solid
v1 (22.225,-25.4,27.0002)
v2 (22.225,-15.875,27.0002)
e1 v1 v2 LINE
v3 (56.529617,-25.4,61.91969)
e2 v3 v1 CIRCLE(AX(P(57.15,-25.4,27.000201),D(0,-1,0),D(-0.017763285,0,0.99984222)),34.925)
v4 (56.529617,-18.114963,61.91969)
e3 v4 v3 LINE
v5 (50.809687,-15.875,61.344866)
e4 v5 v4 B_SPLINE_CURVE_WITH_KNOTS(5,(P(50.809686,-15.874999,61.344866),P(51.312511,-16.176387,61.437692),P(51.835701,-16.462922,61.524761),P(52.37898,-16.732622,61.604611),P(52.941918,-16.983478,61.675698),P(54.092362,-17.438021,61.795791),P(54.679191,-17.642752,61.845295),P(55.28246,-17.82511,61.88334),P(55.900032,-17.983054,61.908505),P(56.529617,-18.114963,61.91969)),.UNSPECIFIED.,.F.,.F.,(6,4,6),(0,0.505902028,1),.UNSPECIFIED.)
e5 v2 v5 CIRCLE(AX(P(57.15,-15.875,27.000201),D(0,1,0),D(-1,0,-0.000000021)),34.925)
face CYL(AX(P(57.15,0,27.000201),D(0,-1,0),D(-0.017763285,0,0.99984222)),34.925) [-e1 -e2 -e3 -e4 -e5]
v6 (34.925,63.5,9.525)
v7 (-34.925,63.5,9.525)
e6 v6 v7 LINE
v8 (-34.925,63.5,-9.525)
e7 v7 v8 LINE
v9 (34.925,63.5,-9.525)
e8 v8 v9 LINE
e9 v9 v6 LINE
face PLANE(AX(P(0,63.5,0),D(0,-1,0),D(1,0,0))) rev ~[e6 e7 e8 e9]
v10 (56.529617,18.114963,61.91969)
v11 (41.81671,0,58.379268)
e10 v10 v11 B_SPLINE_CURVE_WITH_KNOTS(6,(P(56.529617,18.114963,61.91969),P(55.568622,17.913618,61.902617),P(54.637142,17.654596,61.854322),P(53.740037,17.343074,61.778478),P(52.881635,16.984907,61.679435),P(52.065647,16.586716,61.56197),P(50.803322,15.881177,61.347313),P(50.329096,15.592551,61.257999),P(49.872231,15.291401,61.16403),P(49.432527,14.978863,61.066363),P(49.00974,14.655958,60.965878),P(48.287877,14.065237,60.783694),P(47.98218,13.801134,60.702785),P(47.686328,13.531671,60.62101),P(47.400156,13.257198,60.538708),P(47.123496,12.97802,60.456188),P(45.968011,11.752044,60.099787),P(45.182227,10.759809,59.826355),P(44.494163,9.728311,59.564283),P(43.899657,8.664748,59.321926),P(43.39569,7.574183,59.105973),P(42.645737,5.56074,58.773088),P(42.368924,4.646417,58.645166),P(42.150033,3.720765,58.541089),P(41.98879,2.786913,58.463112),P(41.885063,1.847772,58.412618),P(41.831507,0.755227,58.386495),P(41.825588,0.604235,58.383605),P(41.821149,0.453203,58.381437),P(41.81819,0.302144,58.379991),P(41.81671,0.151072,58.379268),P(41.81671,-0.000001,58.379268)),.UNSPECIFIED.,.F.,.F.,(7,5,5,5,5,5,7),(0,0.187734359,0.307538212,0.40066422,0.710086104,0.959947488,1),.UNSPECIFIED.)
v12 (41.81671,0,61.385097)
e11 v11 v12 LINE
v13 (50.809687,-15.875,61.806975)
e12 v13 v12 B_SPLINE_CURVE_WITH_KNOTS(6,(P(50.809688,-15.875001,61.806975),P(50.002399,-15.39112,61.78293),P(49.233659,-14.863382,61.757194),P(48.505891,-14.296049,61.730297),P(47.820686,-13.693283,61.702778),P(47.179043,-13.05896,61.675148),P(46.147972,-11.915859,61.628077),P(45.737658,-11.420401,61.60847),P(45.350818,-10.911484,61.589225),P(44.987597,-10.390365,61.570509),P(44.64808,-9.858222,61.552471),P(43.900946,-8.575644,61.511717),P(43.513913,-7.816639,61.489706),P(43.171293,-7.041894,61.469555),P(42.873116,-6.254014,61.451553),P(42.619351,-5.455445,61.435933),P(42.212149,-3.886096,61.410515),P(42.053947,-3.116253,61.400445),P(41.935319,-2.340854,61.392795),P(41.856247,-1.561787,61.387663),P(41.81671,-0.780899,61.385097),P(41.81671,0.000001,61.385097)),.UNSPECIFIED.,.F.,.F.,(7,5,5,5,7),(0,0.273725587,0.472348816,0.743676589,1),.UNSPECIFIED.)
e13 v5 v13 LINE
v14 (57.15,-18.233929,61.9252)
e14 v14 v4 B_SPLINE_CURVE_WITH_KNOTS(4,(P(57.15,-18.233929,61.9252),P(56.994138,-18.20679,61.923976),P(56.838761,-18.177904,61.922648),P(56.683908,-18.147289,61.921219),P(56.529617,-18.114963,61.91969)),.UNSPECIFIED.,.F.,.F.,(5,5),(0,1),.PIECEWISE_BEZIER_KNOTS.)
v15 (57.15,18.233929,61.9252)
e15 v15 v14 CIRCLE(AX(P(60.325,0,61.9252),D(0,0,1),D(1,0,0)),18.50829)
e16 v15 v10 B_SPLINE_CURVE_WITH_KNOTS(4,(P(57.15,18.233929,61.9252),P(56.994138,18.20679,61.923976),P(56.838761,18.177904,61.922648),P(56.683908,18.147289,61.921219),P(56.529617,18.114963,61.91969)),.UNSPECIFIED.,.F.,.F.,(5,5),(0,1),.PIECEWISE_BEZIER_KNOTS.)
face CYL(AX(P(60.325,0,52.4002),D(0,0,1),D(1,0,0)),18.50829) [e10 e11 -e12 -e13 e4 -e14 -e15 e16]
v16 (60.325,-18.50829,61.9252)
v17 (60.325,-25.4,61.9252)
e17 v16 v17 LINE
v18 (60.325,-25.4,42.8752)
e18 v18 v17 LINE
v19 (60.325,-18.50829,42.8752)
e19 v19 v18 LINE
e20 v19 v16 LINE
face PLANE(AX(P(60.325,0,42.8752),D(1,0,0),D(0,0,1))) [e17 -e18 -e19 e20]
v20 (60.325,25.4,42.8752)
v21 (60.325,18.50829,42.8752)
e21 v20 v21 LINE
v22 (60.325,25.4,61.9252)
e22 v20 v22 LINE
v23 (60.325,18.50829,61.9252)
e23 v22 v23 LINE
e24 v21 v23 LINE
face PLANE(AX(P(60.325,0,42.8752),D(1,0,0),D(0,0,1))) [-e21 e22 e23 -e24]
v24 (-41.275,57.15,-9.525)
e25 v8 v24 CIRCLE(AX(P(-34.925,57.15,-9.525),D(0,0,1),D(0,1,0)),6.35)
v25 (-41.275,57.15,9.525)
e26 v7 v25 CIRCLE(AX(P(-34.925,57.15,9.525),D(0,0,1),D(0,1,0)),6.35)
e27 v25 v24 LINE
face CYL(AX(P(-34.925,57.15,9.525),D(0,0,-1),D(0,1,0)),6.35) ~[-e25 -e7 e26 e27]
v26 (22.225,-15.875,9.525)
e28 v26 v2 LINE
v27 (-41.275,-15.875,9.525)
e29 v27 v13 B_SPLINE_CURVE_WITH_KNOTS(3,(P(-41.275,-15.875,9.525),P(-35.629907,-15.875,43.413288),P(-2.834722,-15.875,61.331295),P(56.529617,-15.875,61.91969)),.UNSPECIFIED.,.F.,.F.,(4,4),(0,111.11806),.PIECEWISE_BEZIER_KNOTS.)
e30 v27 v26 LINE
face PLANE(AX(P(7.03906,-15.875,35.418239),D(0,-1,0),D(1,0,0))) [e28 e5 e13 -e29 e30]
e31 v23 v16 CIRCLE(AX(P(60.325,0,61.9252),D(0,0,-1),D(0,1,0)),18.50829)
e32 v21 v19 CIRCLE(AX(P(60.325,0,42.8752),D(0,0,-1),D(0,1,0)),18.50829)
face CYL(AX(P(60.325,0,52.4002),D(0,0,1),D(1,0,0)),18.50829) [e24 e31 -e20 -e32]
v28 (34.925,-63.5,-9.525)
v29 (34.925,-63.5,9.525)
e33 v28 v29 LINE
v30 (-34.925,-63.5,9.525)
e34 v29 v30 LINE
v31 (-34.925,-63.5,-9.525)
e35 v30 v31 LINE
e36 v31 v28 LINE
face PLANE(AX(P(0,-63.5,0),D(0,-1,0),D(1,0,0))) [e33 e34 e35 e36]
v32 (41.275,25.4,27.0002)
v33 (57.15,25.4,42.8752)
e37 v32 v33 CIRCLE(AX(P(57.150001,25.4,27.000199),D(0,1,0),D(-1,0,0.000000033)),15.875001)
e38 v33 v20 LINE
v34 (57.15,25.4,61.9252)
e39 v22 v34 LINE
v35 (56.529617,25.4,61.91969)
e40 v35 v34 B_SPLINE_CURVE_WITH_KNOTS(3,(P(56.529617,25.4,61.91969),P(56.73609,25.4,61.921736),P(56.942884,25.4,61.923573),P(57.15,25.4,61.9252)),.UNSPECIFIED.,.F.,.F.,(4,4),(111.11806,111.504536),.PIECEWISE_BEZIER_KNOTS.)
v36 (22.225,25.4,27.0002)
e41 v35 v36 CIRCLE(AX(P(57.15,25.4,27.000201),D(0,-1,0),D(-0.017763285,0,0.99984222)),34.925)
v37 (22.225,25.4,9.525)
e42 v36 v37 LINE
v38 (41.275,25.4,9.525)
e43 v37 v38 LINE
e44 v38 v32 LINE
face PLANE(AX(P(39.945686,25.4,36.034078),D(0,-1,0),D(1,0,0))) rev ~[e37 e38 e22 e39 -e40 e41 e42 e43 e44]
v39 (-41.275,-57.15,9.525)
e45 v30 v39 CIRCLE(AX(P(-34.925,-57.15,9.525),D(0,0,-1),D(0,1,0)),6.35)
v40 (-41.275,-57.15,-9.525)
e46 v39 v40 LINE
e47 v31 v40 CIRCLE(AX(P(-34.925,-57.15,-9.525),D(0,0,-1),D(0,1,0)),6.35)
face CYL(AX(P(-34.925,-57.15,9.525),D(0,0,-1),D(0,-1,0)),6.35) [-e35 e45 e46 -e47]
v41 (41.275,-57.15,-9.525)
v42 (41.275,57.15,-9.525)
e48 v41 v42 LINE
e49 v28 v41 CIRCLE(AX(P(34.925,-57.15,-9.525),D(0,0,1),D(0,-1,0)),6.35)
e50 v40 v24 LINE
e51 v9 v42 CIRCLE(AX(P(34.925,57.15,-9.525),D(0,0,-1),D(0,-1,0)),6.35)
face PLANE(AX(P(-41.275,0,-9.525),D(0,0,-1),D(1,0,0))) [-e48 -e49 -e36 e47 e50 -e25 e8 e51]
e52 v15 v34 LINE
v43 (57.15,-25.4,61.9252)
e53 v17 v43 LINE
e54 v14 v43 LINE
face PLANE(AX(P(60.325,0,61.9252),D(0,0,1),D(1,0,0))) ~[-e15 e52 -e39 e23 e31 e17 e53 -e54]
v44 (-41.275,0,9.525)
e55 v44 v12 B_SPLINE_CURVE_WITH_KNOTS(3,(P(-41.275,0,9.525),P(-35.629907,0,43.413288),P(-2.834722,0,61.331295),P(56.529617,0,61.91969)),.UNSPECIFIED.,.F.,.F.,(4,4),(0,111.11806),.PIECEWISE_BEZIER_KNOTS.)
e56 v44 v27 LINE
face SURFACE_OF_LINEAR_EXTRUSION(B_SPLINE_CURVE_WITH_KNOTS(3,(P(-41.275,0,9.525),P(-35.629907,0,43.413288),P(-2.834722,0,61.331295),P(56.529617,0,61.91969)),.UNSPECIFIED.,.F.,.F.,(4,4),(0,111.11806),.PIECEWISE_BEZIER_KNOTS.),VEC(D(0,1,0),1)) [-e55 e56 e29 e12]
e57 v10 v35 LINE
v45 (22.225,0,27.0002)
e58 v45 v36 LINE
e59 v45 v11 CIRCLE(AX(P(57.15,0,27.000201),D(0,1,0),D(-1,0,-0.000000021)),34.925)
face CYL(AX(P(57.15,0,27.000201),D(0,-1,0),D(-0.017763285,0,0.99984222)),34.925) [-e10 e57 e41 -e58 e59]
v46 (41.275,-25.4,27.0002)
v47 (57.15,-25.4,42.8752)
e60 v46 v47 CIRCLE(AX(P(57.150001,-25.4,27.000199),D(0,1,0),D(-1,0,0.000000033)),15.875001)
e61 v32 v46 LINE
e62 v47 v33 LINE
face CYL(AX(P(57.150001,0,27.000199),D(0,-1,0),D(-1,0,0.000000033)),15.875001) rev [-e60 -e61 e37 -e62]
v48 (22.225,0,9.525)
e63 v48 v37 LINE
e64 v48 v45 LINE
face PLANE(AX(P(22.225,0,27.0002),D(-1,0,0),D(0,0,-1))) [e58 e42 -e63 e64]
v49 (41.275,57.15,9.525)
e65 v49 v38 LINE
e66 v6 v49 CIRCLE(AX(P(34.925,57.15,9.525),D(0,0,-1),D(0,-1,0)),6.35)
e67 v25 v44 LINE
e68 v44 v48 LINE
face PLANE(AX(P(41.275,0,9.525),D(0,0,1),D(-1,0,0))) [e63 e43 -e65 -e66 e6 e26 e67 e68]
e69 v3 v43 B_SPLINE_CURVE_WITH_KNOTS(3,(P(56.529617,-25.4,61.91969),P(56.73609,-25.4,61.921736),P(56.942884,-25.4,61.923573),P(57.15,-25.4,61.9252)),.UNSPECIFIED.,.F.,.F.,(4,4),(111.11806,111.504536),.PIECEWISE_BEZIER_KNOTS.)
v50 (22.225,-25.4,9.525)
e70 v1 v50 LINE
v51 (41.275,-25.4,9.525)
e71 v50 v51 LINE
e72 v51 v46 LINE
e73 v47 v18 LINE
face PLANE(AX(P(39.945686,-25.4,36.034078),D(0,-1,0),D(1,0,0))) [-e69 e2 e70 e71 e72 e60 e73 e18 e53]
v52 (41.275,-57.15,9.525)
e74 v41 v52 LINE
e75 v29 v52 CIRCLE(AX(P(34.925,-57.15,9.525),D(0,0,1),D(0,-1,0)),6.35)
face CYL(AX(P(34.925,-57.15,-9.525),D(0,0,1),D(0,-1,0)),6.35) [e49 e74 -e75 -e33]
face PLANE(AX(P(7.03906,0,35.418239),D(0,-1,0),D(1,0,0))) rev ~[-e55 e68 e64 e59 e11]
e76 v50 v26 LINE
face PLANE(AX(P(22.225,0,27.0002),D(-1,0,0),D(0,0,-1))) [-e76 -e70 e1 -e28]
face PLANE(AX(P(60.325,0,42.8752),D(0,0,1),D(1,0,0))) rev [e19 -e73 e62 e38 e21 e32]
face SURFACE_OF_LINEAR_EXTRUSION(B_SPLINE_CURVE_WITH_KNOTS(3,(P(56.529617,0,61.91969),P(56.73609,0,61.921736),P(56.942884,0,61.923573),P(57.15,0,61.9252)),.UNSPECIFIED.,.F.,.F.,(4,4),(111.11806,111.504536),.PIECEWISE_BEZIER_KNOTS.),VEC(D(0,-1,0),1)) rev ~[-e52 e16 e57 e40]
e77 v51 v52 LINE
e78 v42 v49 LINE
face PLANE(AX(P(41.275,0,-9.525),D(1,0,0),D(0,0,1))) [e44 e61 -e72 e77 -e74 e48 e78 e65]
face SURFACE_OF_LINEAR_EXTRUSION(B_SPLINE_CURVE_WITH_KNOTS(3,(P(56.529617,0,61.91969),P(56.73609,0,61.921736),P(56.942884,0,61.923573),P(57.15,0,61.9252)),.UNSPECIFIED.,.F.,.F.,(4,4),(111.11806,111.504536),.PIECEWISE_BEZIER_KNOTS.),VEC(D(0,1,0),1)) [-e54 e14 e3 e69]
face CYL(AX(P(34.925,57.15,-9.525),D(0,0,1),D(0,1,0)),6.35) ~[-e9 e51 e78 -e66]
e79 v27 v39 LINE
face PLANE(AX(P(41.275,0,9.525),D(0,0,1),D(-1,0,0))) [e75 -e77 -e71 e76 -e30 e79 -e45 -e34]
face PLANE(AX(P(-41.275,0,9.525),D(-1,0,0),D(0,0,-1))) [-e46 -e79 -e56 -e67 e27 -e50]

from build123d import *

# Parameters (mm, degrees)
F1_DEPTH = 63.5
F2_DEPTH = 25.4
F3_DEPTH = 15.875
F0_W     = 18.50829
F0_H     = 19.05
F5_R     = 6.35


with BuildPart() as f1:
    # F0 (on Front) → F1 (new body, symmetric)
    with BuildSketch(Plane.XZ):
        Polygon((41.275, -9.525), (41.275, 9.525), (22.225, 9.525), (-41.275, 9.525), (-41.275, -9.525), align=None)
    extrude(amount=F1_DEPTH, both=True)

    # F0 (on Front) → F2 (join, symmetric)
    with BuildSketch(Plane.XZ):
        with BuildLine():
            Line((22.225, 9.525), (41.275, 9.525))
            Line((41.275, 9.525), (41.275, 27.0002))
            ThreePointArc((41.275, 27.0002), (45.92468, 38.22552), (57.15, 42.8752))
            Line((57.15, 42.8752), (60.325, 42.8752))
            Line((60.325, 42.8752), (60.325, 61.9252))
            Line((60.325, 61.9252), (57.15, 61.9252))
            add(Edge.make_bspline(
                [(56.529617, 61.91969), (56.73609, 61.921736), (56.942884, 61.923573), (57.15, 61.9252)],
                knots=[111.11806, 111.11806, 111.11806, 111.11806, 111.504536, 111.504536, 111.504536, 111.504536], degree=3))
            ThreePointArc((56.529617, 61.91969), (32.235922, 51.475583), (22.225, 27.0002))
            Line((22.225, 27.0002), (22.225, 9.525))
        make_face()
    extrude(amount=F2_DEPTH, both=True)

    # F0 (on Front) → F3 (join)
    with BuildSketch(Plane.XZ):
        with BuildLine():
            Line((-41.275, 9.525), (22.225, 9.525))
            Line((22.225, 9.525), (22.225, 27.0002))
            ThreePointArc((22.225, 27.0002), (32.235922, 51.475583), (56.529617, 61.91969))
            add(Edge.make_bspline(
                [(-41.275, 9.525), (-35.629907, 43.413288), (-2.834722, 61.331295), (56.529617, 61.91969)],
                knots=[0, 0, 0, 0, 111.11806, 111.11806, 111.11806, 111.11806], degree=3))
        make_face()
    extrude(amount=F3_DEPTH)

    # F0 (on Front) → F4 (revolve)
    with BuildSketch(Plane.XZ):
        with Locations((69.579145, 52.4002)):
            Rectangle(F0_W, F0_H)
    revolve(axis=Axis((60.325, 0, 52.3875), (0, 0, 1)))

    # F5
    f5_edges = [f1.edges().sort_by_distance(p)[0] for p in [
        (41.275, -63.5, 0),
        (-41.275, -63.5, 0),
        (41.275, 63.5, 0),
        (-41.275, 63.5, 0),
    ]]
    fillet(f5_edges, radius=F5_R)


solid = f1.part
